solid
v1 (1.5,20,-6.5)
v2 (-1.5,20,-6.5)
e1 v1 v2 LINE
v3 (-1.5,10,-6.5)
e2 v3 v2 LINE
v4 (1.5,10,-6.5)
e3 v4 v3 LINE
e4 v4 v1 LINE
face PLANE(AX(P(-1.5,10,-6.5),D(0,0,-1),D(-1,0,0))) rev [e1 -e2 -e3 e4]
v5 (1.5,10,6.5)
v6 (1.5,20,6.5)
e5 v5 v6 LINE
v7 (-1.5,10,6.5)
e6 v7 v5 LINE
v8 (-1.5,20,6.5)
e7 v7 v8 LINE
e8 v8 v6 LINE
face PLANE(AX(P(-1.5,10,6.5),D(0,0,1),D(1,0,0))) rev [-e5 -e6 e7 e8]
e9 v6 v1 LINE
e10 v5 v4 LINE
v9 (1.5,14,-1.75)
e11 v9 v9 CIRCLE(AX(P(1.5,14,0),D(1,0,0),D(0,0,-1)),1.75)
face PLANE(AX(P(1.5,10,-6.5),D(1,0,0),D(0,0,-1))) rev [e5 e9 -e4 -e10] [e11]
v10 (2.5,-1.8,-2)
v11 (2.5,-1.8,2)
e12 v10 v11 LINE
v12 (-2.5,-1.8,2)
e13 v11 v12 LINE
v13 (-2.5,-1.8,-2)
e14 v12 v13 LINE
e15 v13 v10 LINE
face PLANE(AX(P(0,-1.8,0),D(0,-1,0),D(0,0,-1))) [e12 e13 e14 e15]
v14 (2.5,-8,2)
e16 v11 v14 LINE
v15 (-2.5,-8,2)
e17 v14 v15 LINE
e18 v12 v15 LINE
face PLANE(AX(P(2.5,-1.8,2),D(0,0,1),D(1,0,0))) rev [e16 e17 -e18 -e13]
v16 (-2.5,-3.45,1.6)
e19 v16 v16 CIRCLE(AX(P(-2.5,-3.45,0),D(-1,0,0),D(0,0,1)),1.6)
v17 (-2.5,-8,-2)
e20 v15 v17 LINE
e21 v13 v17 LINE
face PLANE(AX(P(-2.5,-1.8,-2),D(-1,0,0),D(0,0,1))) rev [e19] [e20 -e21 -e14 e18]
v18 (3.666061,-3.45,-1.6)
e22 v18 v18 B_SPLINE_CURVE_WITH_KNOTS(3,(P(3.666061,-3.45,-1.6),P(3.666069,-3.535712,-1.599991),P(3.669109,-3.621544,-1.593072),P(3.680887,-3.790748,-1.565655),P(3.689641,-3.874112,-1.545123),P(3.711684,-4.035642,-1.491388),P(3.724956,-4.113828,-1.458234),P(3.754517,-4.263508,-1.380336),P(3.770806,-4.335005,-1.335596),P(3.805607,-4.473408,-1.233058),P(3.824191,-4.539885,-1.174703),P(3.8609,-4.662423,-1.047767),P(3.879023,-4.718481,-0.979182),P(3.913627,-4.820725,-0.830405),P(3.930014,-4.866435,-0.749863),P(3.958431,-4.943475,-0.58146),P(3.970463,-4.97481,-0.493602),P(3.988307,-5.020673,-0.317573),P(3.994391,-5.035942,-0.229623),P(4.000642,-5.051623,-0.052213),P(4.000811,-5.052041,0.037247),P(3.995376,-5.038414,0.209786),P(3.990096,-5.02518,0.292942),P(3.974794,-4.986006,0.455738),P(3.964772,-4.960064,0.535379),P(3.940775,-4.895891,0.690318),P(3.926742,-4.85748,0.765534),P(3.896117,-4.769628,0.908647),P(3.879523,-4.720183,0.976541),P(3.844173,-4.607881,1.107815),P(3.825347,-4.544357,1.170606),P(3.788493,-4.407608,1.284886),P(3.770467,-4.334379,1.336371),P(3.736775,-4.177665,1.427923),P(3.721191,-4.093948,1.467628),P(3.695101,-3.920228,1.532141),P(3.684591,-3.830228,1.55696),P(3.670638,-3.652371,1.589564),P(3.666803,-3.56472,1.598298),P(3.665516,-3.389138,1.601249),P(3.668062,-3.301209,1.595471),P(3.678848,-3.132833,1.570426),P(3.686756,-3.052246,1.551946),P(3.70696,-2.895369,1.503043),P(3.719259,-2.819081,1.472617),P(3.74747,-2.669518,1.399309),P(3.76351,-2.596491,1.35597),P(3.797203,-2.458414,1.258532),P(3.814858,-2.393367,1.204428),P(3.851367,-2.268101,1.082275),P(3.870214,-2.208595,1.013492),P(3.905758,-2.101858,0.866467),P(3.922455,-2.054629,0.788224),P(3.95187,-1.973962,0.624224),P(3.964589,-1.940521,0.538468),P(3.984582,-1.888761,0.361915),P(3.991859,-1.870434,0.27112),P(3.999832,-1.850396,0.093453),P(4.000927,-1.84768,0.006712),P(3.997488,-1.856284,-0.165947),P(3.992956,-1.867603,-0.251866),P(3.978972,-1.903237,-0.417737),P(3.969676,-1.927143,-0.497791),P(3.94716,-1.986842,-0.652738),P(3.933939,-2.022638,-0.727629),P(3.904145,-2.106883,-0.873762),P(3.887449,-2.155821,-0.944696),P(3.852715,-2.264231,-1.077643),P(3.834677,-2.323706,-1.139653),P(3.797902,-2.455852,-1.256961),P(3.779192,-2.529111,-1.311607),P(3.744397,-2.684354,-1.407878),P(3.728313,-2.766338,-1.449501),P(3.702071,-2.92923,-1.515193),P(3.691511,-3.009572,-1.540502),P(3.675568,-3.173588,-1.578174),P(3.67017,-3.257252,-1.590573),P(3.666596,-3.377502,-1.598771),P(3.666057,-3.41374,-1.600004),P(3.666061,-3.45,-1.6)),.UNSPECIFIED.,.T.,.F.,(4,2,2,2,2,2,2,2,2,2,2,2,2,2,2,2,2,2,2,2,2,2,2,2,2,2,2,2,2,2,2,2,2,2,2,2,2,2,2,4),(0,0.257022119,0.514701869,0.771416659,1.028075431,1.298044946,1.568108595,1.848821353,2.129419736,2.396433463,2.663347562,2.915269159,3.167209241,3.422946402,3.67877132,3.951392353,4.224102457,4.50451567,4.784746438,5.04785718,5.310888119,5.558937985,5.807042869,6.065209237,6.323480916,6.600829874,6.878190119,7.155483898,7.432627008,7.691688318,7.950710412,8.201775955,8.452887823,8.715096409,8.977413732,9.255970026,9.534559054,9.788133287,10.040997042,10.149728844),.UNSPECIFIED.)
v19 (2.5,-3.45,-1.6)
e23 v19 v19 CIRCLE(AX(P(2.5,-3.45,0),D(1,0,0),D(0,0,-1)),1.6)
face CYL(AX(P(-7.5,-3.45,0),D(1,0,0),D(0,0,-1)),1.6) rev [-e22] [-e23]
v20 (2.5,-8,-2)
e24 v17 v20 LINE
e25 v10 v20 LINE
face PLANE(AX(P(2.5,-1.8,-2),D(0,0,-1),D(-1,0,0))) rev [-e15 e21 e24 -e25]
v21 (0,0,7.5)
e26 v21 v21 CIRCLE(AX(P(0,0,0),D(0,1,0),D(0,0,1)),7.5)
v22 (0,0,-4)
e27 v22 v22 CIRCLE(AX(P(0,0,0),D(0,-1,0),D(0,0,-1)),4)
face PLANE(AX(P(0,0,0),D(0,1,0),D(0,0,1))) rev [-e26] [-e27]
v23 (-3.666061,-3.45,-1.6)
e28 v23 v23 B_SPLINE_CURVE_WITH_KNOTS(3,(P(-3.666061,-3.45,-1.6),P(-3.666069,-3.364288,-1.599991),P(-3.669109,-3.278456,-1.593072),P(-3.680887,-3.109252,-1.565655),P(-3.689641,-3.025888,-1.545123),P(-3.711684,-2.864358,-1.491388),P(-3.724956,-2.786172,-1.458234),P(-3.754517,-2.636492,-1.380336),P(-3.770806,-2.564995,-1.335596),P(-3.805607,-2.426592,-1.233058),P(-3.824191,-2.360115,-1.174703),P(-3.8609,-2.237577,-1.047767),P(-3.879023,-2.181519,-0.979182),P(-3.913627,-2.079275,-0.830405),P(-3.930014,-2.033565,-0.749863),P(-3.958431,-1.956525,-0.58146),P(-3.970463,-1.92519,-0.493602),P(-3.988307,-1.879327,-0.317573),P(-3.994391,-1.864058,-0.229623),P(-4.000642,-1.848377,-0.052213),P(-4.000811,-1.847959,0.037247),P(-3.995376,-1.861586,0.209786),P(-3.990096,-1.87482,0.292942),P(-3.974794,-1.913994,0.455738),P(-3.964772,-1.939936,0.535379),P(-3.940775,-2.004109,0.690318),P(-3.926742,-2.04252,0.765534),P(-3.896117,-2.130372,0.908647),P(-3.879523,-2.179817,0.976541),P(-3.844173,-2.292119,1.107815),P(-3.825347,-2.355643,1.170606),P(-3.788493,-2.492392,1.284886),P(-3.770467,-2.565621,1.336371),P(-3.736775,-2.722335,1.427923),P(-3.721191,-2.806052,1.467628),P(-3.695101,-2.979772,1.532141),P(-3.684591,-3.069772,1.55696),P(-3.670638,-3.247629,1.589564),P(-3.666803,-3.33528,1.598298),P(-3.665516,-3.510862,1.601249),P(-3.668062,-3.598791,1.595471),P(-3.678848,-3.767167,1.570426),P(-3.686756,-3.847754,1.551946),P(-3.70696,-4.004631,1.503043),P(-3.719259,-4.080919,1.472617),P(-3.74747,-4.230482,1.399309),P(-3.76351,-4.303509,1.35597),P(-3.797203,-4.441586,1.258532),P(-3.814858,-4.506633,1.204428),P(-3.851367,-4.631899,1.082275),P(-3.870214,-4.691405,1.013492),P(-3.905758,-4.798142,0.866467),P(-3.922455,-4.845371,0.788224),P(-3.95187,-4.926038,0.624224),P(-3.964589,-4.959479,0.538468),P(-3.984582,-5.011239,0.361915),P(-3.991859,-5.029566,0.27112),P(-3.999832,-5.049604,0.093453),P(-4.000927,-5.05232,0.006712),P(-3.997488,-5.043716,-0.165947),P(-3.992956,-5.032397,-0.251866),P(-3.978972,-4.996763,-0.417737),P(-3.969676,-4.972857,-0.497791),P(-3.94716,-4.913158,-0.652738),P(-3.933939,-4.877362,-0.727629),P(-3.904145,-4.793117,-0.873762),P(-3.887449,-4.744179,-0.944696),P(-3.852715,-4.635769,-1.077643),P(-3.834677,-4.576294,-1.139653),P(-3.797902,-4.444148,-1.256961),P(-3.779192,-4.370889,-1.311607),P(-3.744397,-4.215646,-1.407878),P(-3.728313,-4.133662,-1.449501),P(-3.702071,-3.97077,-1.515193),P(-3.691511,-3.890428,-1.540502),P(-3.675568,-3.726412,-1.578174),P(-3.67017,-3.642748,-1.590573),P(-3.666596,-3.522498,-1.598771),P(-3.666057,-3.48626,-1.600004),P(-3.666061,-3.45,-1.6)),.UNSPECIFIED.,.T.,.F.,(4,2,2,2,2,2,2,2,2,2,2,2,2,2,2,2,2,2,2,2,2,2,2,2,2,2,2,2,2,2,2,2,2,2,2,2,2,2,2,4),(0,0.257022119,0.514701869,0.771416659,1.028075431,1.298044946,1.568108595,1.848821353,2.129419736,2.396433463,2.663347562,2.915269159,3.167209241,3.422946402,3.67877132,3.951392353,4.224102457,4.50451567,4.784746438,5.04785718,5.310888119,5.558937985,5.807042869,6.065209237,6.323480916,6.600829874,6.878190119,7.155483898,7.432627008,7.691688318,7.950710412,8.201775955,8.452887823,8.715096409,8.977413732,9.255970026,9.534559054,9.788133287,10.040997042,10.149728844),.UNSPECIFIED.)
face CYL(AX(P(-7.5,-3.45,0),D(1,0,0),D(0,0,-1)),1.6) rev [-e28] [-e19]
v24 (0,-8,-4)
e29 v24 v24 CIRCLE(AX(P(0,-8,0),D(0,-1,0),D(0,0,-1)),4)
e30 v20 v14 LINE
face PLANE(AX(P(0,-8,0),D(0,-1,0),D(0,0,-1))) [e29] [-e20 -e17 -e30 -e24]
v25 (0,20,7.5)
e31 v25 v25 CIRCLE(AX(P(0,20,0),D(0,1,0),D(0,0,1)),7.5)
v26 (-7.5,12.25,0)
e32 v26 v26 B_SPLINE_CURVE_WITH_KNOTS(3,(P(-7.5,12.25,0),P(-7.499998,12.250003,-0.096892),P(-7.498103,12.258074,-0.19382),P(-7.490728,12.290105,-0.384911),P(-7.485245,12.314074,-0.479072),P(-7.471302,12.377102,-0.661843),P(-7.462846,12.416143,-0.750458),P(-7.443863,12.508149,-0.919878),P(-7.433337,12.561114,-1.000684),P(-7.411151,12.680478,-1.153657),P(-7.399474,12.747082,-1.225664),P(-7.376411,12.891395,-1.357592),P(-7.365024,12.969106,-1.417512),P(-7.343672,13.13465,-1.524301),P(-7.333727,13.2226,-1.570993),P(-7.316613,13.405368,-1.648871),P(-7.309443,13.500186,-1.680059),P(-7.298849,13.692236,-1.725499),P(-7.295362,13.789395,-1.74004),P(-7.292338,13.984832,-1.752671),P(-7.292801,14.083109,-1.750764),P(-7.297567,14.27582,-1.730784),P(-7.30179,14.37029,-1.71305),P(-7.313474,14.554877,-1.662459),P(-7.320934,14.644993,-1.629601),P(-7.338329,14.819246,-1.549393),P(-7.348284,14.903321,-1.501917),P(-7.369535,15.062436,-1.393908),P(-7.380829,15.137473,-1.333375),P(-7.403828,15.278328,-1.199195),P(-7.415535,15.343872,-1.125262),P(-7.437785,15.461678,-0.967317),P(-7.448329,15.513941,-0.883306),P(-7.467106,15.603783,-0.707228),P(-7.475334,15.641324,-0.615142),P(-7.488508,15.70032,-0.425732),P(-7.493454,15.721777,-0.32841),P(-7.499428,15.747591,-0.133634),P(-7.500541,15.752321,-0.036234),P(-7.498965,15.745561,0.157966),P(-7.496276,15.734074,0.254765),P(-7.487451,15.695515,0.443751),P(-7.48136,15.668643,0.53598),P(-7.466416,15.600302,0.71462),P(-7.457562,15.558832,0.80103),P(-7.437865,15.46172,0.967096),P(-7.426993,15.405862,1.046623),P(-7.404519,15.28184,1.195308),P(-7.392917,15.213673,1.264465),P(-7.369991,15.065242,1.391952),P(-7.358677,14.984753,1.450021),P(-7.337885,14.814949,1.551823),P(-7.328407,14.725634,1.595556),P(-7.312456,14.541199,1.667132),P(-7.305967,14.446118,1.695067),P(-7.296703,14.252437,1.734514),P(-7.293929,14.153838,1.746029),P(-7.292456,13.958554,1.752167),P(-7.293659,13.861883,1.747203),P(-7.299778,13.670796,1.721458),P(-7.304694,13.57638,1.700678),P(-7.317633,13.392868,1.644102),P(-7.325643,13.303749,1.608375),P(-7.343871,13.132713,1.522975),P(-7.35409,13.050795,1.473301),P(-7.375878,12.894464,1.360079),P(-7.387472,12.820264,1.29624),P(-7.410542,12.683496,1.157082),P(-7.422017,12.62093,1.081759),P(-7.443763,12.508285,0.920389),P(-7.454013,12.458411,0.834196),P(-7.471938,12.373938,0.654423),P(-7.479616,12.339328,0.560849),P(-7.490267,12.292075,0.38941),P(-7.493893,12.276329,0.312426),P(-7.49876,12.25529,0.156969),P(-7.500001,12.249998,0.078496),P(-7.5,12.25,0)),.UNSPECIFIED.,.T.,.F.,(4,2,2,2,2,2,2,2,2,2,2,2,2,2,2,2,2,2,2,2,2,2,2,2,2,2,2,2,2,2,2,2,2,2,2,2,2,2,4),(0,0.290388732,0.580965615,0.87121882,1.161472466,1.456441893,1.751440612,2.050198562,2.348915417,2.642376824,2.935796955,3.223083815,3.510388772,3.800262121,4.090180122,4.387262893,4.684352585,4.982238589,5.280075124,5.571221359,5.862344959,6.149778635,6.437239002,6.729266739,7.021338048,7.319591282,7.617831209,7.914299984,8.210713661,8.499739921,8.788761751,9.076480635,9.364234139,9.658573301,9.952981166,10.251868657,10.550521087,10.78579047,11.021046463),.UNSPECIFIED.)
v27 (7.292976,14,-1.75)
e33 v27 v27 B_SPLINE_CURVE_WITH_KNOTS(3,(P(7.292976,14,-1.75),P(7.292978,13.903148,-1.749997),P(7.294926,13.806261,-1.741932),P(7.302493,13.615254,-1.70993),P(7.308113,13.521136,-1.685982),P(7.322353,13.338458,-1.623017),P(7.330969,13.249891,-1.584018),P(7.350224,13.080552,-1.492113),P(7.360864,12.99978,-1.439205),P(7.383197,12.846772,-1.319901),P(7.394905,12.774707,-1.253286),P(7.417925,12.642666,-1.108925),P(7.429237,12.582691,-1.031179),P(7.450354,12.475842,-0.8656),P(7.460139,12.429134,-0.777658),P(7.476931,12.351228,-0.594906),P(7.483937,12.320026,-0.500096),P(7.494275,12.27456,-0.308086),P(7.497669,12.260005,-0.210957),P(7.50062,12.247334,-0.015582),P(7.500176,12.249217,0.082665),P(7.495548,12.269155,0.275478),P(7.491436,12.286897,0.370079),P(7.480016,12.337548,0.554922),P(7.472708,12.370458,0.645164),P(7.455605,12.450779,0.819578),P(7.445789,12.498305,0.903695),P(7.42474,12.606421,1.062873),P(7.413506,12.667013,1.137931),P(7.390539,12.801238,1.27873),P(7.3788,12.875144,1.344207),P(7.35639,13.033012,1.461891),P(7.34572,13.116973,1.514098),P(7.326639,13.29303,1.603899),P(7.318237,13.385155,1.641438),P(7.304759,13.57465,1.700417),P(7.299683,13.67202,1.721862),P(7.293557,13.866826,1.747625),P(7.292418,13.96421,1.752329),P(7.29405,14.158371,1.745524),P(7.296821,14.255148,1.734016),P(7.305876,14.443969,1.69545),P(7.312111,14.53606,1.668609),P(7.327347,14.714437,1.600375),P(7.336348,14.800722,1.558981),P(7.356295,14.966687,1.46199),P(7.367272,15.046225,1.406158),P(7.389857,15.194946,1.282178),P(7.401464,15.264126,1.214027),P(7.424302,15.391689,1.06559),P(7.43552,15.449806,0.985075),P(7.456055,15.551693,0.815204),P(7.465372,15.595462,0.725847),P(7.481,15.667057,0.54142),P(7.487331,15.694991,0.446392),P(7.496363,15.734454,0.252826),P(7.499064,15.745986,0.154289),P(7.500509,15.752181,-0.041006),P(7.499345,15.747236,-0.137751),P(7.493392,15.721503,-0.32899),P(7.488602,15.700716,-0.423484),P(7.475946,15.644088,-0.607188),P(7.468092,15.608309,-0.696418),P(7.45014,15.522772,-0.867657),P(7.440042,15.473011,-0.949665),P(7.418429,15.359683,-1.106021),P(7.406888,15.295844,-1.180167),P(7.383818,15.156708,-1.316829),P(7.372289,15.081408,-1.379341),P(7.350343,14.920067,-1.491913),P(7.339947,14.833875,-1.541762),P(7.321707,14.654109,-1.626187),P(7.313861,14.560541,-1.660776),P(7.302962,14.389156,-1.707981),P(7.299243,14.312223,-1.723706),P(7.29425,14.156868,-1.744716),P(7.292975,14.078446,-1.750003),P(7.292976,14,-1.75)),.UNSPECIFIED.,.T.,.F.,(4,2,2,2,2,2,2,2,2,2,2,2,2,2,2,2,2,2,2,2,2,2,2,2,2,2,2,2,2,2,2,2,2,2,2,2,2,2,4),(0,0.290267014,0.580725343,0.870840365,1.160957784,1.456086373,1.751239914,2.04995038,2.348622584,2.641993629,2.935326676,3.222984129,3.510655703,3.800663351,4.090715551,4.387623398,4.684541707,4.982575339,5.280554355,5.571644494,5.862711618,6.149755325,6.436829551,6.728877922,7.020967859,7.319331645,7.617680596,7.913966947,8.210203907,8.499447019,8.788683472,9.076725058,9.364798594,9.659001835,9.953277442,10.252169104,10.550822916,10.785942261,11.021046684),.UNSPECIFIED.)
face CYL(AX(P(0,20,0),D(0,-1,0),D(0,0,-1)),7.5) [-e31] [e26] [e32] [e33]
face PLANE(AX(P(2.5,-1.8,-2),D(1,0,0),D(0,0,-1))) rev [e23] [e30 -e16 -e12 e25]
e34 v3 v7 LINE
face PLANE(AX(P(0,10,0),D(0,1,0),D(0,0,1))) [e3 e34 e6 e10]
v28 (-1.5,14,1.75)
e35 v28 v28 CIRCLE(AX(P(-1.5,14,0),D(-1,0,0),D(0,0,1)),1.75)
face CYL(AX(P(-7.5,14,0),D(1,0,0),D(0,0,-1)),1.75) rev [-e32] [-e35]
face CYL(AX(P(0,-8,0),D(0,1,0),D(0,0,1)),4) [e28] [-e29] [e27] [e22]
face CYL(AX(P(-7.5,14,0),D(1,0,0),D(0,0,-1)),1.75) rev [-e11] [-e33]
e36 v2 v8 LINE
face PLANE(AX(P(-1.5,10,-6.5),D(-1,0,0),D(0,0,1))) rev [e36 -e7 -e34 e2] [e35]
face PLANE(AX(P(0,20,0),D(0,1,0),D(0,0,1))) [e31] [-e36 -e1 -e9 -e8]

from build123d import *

# Parameters (mm, degrees)
SKETCH1_R           = 7.5
BOSS_EXTRUDE1_DEPTH = 20
SKETCH2_W           = 3
SKETCH2_H           = 13
CUT_EXTRUDE1_DEPTH  = 10
SKETCH3_R           = 1.75
CUT_EXTRUDE2_DEPTH  = 27.100766272
SKETCH4_R           = 4
BOSS_EXTRUDE2_DEPTH = 8
SKETCH5_W           = 5
SKETCH5_H           = 4
CUT_EXTRUDE3_DEPTH  = 6.2
SKETCH6_R           = 1.6
CUT_EXTRUDE4_DEPTH  = 27.100766436


with BuildPart() as part:
    # Sketch1 → Boss-Extrude1 (new body)
    with BuildSketch(Plane(origin=(0, 0, 0), x_dir=(1, 0, 0), z_dir=(0, 1, 0))):
        with Locations(Location((0, 0, 0), (0, 0, 270))):
            Circle(SKETCH1_R)
    extrude(amount=BOSS_EXTRUDE1_DEPTH)

    # Sketch2 → Cut-Extrude1 (cut)
    with BuildSketch(Plane(origin=(0, 20, 0), x_dir=(1, 0, 0), z_dir=(0, 1, 0))):
        Rectangle(SKETCH2_W, SKETCH2_H)
    extrude(amount=-CUT_EXTRUDE1_DEPTH, mode=Mode.SUBTRACT)

    # Sketch3 → Cut-Extrude2 (cut, through all)
    with BuildSketch(Plane(origin=(7.5, 0, 0), x_dir=(0, 0, -1), z_dir=(1, 0, 0))):
        with Locations((0, 14)):
            Circle(SKETCH3_R)
    extrude(amount=-CUT_EXTRUDE2_DEPTH, mode=Mode.SUBTRACT)

    # Sketch4 → Boss-Extrude2 (add)
    with BuildSketch(Plane.XZ):
        with Locations(Location((0, 0, 0), (0, 0, 270))):
            Circle(SKETCH4_R)
    extrude(amount=BOSS_EXTRUDE2_DEPTH)

    # Sketch5 → Cut-Extrude3 (cut)
    with BuildSketch(Plane.XZ.offset(8)):
        Rectangle(SKETCH5_W, SKETCH5_H)
    extrude(amount=-CUT_EXTRUDE3_DEPTH, mode=Mode.SUBTRACT)

    # Sketch6 → Cut-Extrude4 (cut, through all)
    with BuildSketch(Plane(origin=(7.5, 0, 0), x_dir=(0, 0, -1), z_dir=(1, 0, 0))):
        with Locations((0, -3.45)):
            Circle(SKETCH6_R)
    extrude(amount=-CUT_EXTRUDE4_DEPTH, mode=Mode.SUBTRACT)


solid = part.part
